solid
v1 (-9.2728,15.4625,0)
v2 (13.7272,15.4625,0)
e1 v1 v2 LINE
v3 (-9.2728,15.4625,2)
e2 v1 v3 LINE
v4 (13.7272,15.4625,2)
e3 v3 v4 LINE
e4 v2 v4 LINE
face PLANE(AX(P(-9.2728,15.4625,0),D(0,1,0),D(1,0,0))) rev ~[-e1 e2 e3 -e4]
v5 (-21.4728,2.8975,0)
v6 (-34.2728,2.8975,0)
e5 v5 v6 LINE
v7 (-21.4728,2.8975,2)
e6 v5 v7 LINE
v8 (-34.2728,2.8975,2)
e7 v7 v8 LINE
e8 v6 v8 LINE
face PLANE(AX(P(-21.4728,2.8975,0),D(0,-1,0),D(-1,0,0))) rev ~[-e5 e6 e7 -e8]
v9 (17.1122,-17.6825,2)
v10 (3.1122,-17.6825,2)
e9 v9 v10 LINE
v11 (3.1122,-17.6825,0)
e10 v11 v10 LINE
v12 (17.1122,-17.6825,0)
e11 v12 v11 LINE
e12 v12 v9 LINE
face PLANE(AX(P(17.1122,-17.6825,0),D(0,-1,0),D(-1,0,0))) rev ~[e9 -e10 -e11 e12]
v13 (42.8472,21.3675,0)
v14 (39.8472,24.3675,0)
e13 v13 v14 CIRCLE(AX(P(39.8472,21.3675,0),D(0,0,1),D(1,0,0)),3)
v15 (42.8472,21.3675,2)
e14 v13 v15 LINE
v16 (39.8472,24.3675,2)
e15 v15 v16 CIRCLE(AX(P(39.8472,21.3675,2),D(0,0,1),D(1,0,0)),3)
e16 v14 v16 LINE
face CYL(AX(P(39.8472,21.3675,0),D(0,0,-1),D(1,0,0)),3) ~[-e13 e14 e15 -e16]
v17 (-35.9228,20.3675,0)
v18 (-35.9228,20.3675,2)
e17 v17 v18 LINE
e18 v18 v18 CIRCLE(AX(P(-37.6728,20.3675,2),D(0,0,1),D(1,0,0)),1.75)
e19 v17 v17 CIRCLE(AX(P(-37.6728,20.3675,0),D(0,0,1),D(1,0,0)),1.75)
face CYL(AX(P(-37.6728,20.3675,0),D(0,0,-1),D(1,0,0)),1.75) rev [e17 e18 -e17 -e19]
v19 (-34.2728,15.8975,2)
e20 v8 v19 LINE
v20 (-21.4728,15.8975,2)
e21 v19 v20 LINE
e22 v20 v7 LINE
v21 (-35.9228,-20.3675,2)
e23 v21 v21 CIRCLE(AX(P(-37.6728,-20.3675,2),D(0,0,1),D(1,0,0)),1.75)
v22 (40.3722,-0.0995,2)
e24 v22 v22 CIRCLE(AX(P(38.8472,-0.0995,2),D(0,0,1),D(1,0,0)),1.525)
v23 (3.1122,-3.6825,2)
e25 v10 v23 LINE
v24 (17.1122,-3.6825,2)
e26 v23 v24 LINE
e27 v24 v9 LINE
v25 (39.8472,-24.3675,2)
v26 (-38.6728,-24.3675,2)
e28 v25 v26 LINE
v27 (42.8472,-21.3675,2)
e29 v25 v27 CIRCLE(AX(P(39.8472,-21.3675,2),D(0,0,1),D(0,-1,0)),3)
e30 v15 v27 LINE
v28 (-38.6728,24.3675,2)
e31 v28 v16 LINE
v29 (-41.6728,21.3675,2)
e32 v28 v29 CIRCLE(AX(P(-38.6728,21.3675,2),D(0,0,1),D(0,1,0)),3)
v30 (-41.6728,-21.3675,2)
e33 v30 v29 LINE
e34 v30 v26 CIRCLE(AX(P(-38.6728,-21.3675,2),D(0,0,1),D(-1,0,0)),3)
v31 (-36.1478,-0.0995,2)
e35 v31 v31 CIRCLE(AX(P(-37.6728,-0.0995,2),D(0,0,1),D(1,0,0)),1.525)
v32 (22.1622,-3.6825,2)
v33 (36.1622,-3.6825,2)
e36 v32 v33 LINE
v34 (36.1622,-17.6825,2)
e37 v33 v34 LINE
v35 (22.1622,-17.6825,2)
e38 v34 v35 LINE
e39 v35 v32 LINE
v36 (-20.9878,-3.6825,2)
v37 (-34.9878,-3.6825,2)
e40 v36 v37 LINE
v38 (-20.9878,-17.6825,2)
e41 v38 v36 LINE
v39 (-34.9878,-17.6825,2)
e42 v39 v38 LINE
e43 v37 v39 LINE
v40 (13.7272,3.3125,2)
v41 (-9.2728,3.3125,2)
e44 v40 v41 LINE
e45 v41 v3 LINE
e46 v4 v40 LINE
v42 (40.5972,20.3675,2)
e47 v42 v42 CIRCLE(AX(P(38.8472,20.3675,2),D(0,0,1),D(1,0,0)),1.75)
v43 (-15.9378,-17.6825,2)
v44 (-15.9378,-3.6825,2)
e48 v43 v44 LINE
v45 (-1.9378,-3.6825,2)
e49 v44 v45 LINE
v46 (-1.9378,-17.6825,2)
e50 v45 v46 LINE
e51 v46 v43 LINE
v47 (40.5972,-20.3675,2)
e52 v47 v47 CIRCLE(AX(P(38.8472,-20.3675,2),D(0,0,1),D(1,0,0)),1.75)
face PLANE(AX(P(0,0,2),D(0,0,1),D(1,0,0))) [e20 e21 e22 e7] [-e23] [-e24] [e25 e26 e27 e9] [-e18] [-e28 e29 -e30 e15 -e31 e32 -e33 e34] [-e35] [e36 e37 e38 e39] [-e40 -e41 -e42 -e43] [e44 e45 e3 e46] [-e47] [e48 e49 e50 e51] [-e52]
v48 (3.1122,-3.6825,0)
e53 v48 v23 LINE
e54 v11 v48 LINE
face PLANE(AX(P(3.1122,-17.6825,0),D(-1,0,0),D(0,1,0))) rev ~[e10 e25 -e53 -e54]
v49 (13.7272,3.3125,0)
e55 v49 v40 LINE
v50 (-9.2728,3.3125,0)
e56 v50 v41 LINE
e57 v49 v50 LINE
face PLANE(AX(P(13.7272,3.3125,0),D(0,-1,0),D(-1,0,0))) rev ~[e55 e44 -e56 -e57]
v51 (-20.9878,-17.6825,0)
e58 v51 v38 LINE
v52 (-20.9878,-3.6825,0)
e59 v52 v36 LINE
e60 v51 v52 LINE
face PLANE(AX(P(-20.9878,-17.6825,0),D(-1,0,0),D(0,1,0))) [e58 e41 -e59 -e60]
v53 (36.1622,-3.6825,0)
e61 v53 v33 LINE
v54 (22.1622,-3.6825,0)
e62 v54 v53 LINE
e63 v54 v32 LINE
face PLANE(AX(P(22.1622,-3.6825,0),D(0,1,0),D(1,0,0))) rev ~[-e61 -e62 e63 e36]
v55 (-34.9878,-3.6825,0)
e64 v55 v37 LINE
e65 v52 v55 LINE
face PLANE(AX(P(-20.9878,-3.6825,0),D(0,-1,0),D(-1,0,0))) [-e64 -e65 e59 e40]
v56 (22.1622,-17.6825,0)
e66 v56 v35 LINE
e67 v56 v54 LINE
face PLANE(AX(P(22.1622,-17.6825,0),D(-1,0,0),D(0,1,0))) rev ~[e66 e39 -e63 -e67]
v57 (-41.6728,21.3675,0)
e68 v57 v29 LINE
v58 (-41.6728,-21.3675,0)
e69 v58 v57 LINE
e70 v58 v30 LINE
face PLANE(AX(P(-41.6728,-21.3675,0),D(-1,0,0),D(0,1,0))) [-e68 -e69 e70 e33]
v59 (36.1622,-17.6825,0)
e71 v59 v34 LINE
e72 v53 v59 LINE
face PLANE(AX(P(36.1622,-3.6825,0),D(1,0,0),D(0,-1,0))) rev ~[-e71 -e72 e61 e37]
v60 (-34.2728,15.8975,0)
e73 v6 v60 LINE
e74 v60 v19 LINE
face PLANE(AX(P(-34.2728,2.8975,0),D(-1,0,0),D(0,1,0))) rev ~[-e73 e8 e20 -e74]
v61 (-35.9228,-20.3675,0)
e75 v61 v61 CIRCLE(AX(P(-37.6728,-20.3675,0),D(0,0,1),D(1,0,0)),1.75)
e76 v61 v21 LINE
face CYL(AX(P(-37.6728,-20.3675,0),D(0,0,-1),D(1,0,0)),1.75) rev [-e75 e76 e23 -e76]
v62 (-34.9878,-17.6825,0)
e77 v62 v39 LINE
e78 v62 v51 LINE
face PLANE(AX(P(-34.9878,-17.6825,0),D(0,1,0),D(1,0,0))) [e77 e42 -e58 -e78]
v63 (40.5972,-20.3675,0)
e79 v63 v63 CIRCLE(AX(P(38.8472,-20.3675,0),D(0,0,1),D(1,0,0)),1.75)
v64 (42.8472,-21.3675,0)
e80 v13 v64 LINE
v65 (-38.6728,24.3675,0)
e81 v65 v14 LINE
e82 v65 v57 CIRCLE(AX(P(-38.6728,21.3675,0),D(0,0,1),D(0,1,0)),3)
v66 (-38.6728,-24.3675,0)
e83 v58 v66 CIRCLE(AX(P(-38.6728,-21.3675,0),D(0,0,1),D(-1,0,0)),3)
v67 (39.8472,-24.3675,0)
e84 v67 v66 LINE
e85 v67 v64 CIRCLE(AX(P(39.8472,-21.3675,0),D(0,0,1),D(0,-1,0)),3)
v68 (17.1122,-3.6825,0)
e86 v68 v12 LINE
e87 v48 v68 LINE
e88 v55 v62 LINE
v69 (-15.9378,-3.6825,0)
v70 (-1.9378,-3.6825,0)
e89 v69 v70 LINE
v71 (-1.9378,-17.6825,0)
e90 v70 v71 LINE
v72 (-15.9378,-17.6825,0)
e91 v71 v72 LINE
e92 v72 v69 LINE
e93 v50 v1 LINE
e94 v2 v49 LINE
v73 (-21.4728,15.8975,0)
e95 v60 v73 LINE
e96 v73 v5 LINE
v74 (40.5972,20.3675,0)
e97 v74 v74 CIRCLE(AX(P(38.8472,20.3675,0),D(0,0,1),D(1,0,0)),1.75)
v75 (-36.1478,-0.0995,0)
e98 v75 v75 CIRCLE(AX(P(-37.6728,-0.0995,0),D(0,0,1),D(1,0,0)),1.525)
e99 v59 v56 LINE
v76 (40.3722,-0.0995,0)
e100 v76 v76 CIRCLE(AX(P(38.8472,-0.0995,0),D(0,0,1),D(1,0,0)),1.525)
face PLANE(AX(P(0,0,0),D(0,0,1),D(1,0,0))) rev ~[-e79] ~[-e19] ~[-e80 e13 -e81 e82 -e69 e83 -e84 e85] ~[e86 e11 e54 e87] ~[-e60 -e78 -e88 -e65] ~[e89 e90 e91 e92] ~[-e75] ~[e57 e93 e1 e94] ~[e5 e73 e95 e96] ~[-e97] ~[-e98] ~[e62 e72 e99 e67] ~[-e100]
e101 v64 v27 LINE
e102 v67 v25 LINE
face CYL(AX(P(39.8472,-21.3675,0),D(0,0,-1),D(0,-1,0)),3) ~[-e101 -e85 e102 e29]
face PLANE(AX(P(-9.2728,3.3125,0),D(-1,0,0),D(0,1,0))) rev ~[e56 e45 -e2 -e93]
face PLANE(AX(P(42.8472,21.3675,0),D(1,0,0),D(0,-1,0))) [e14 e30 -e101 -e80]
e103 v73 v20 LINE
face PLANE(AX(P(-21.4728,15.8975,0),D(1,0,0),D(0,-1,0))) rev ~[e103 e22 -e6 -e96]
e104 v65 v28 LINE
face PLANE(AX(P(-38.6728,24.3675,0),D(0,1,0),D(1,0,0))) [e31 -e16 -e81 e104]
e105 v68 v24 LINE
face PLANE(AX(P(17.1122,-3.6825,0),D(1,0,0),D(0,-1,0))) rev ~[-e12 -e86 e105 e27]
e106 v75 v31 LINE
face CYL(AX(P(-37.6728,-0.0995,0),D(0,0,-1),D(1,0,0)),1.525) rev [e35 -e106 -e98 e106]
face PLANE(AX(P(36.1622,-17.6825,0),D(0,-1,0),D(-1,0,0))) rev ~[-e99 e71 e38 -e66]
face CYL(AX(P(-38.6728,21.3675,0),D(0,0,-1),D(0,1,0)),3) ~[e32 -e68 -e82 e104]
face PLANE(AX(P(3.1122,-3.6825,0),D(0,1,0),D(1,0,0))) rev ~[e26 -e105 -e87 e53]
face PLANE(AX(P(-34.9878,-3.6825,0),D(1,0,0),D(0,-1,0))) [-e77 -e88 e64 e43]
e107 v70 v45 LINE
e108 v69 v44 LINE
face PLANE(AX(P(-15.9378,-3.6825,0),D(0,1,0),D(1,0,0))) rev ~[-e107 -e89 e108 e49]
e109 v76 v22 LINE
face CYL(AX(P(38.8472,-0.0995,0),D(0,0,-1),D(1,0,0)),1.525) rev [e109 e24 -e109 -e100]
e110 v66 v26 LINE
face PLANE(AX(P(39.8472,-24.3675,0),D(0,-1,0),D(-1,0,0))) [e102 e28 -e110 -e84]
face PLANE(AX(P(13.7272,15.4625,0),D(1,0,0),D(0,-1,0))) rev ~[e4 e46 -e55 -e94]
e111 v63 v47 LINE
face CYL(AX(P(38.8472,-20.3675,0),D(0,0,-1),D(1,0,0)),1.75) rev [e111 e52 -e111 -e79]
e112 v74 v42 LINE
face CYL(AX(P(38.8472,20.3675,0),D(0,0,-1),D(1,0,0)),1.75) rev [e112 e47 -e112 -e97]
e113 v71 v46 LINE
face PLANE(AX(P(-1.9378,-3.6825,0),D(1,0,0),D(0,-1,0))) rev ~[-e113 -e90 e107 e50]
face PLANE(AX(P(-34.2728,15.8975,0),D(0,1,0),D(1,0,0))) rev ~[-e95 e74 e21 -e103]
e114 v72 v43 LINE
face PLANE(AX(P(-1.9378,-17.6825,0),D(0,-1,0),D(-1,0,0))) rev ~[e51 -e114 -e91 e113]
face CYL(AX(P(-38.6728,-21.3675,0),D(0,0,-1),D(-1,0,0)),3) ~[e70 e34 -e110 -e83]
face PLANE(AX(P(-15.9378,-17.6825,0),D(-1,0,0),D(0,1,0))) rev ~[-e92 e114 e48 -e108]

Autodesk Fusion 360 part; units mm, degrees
sketch "Sketch1" plane through (0, 0, 0) normal (0, 0, 1) x (1, 0, 0)
  circle A0 centre (38.8472, 20.3675) radius 1.75
  circle A1 centre (38.8472, -0.0995) radius 1.525
  circle A2 centre (-37.6728, -20.3675) radius 1.75
  circle A3 centre (-37.6728, 20.3675) radius 1.75
  arc A4 (-38.6728, 24.3675) -> (-41.6728, 21.3675) centre (-38.6728, 21.3675) ccw
  line L0 (-38.6728, 24.3675) -> (39.8472, 24.3675)
  line L1 (-41.6728, -21.3675) -> (-41.6728, 21.3675)
  circle A5 centre (-37.6728, -0.0995) radius 1.525
  arc A6 (42.8472, 21.3675) -> (39.8472, 24.3675) centre (39.8472, 21.3675) ccw
  line L2 (42.8472, 21.3675) -> (42.8472, -21.3675)
  arc A7 (-41.6728, -21.3675) -> (-38.6728, -24.3675) centre (-38.6728, -21.3675) ccw
  line L3 (39.8472, -24.3675) -> (-38.6728, -24.3675)
  arc A8 (39.8472, -24.3675) -> (42.8472, -21.3675) centre (39.8472, -21.3675) ccw
  circle A9 centre (38.8472, -20.3675) radius 1.75
  line L4 (-20.9878, -3.6825) -> (-34.9878, -3.6825)
  line L5 (-34.9878, -3.6825) -> (-34.9878, -17.6825)
  line L6 (-34.9878, -17.6825) -> (-20.9878, -17.6825)
  line L7 (-20.9878, -17.6825) -> (-20.9878, -3.6825)
  line L8 (-1.9378, -17.6825) -> (-15.9378, -17.6825)
  line L9 (-15.9378, -17.6825) -> (-15.9378, -3.6825)
  line L10 (-15.9378, -3.6825) -> (-1.9378, -3.6825)
  line L11 (-1.9378, -3.6825) -> (-1.9378, -17.6825)
  line L12 (17.1122, -17.6825) -> (3.1122, -17.6825)
  line L13 (3.1122, -17.6825) -> (3.1122, -3.6825)
  line L14 (3.1122, -3.6825) -> (17.1122, -3.6825)
  line L15 (17.1122, -3.6825) -> (17.1122, -17.6825)
  line L16 (36.1622, -17.6825) -> (22.1622, -17.6825)
  line L17 (22.1622, -17.6825) -> (22.1622, -3.6825)
  line L18 (22.1622, -3.6825) -> (36.1622, -3.6825)
  line L19 (36.1622, -3.6825) -> (36.1622, -17.6825)
  line L20 (-21.4728, 2.8975) -> (-34.2728, 2.8975)
  line L21 (-34.2728, 2.8975) -> (-34.2728, 15.8975)
  line L22 (-34.2728, 15.8975) -> (-21.4728, 15.8975)
  line L23 (-21.4728, 15.8975) -> (-21.4728, 2.8975)
  line L24 (13.7272, 3.3125) -> (-9.2728, 3.3125)
  line L25 (-9.2728, 3.3125) -> (-9.2728, 15.4625)
  line L26 (-9.2728, 15.4625) -> (13.7272, 15.4625)
  line L27 (13.7272, 15.4625) -> (13.7272, 3.3125)
  point P0 (-27.9878, -10.6825)
  point P1 (-8.9378, -10.6825)
  point P2 (10.1122, -10.6825)
  point P3 (29.1622, -10.6825)
  point P4 (-27.8728, 9.3975)
  point P5 (2.2272, 9.3875)
  dimension "d44" = 3.05
  dimension "d45" = 3.05
  dimension "d46" = 20.268
  dimension "d47" = 3
  dimension "d48" = 3
  dimension "d49" = 3
  dimension "d50" = 3
  dimension "d51" = 3.5
  dimension "d52" = 4
  dimension "d53" = 1.4142
  dimension "d54" = 20.268
  dimension "d55" = 48.735
  dimension "d56" = 84.52
  dimension "d57" = 19.05
  dimension "d58" = 19.05
  dimension "d59" = 19.05
  dimension "d60" = 6.685
  dimension "d63" = 6.685
  dimension "d64" = 6.685
  dimension "d65" = 6.685
  dimension "d66" = 6.685
  dimension "d67" = 6.685
  dimension "d69" = 14
  dimension "d70" = 14
  dimension "d71" = 14
  dimension "d72" = 14
  dimension "d73" = 14
  dimension "d74" = 14
  dimension "d75" = 14
  dimension "d76" = 14
  dimension "d77" = 12.8
  dimension "d78" = 13
  dimension "d79" = 14.97
  dimension "d80" = 13.8
  dimension "d81" = 23
  dimension "d82" = 12.15
  dimension "d83" = 43.9
  dimension "d84" = 14.98
  dimension "d87" = 4
  dimension "d88" = 4
  dimension "d89" = 1.4142
  dimension "d92" = 4
  dimension "d93" = 1.4142
  dimension "d94" = 4
  dimension "d95" = 4
extrude "Extrude5" add sketch "Sketch1" along normal blind 2
extrude "Extrude1" [suppressed]
extrude "Extrude2" [suppressed]
extrude "Extrude3" [suppressed]
extrude "Extrude4" [suppressed]
equation "d53 = ( sqrt(2) ) * 1 mm"
equation "d89 = ( sqrt(2) ) * 1 mm"
